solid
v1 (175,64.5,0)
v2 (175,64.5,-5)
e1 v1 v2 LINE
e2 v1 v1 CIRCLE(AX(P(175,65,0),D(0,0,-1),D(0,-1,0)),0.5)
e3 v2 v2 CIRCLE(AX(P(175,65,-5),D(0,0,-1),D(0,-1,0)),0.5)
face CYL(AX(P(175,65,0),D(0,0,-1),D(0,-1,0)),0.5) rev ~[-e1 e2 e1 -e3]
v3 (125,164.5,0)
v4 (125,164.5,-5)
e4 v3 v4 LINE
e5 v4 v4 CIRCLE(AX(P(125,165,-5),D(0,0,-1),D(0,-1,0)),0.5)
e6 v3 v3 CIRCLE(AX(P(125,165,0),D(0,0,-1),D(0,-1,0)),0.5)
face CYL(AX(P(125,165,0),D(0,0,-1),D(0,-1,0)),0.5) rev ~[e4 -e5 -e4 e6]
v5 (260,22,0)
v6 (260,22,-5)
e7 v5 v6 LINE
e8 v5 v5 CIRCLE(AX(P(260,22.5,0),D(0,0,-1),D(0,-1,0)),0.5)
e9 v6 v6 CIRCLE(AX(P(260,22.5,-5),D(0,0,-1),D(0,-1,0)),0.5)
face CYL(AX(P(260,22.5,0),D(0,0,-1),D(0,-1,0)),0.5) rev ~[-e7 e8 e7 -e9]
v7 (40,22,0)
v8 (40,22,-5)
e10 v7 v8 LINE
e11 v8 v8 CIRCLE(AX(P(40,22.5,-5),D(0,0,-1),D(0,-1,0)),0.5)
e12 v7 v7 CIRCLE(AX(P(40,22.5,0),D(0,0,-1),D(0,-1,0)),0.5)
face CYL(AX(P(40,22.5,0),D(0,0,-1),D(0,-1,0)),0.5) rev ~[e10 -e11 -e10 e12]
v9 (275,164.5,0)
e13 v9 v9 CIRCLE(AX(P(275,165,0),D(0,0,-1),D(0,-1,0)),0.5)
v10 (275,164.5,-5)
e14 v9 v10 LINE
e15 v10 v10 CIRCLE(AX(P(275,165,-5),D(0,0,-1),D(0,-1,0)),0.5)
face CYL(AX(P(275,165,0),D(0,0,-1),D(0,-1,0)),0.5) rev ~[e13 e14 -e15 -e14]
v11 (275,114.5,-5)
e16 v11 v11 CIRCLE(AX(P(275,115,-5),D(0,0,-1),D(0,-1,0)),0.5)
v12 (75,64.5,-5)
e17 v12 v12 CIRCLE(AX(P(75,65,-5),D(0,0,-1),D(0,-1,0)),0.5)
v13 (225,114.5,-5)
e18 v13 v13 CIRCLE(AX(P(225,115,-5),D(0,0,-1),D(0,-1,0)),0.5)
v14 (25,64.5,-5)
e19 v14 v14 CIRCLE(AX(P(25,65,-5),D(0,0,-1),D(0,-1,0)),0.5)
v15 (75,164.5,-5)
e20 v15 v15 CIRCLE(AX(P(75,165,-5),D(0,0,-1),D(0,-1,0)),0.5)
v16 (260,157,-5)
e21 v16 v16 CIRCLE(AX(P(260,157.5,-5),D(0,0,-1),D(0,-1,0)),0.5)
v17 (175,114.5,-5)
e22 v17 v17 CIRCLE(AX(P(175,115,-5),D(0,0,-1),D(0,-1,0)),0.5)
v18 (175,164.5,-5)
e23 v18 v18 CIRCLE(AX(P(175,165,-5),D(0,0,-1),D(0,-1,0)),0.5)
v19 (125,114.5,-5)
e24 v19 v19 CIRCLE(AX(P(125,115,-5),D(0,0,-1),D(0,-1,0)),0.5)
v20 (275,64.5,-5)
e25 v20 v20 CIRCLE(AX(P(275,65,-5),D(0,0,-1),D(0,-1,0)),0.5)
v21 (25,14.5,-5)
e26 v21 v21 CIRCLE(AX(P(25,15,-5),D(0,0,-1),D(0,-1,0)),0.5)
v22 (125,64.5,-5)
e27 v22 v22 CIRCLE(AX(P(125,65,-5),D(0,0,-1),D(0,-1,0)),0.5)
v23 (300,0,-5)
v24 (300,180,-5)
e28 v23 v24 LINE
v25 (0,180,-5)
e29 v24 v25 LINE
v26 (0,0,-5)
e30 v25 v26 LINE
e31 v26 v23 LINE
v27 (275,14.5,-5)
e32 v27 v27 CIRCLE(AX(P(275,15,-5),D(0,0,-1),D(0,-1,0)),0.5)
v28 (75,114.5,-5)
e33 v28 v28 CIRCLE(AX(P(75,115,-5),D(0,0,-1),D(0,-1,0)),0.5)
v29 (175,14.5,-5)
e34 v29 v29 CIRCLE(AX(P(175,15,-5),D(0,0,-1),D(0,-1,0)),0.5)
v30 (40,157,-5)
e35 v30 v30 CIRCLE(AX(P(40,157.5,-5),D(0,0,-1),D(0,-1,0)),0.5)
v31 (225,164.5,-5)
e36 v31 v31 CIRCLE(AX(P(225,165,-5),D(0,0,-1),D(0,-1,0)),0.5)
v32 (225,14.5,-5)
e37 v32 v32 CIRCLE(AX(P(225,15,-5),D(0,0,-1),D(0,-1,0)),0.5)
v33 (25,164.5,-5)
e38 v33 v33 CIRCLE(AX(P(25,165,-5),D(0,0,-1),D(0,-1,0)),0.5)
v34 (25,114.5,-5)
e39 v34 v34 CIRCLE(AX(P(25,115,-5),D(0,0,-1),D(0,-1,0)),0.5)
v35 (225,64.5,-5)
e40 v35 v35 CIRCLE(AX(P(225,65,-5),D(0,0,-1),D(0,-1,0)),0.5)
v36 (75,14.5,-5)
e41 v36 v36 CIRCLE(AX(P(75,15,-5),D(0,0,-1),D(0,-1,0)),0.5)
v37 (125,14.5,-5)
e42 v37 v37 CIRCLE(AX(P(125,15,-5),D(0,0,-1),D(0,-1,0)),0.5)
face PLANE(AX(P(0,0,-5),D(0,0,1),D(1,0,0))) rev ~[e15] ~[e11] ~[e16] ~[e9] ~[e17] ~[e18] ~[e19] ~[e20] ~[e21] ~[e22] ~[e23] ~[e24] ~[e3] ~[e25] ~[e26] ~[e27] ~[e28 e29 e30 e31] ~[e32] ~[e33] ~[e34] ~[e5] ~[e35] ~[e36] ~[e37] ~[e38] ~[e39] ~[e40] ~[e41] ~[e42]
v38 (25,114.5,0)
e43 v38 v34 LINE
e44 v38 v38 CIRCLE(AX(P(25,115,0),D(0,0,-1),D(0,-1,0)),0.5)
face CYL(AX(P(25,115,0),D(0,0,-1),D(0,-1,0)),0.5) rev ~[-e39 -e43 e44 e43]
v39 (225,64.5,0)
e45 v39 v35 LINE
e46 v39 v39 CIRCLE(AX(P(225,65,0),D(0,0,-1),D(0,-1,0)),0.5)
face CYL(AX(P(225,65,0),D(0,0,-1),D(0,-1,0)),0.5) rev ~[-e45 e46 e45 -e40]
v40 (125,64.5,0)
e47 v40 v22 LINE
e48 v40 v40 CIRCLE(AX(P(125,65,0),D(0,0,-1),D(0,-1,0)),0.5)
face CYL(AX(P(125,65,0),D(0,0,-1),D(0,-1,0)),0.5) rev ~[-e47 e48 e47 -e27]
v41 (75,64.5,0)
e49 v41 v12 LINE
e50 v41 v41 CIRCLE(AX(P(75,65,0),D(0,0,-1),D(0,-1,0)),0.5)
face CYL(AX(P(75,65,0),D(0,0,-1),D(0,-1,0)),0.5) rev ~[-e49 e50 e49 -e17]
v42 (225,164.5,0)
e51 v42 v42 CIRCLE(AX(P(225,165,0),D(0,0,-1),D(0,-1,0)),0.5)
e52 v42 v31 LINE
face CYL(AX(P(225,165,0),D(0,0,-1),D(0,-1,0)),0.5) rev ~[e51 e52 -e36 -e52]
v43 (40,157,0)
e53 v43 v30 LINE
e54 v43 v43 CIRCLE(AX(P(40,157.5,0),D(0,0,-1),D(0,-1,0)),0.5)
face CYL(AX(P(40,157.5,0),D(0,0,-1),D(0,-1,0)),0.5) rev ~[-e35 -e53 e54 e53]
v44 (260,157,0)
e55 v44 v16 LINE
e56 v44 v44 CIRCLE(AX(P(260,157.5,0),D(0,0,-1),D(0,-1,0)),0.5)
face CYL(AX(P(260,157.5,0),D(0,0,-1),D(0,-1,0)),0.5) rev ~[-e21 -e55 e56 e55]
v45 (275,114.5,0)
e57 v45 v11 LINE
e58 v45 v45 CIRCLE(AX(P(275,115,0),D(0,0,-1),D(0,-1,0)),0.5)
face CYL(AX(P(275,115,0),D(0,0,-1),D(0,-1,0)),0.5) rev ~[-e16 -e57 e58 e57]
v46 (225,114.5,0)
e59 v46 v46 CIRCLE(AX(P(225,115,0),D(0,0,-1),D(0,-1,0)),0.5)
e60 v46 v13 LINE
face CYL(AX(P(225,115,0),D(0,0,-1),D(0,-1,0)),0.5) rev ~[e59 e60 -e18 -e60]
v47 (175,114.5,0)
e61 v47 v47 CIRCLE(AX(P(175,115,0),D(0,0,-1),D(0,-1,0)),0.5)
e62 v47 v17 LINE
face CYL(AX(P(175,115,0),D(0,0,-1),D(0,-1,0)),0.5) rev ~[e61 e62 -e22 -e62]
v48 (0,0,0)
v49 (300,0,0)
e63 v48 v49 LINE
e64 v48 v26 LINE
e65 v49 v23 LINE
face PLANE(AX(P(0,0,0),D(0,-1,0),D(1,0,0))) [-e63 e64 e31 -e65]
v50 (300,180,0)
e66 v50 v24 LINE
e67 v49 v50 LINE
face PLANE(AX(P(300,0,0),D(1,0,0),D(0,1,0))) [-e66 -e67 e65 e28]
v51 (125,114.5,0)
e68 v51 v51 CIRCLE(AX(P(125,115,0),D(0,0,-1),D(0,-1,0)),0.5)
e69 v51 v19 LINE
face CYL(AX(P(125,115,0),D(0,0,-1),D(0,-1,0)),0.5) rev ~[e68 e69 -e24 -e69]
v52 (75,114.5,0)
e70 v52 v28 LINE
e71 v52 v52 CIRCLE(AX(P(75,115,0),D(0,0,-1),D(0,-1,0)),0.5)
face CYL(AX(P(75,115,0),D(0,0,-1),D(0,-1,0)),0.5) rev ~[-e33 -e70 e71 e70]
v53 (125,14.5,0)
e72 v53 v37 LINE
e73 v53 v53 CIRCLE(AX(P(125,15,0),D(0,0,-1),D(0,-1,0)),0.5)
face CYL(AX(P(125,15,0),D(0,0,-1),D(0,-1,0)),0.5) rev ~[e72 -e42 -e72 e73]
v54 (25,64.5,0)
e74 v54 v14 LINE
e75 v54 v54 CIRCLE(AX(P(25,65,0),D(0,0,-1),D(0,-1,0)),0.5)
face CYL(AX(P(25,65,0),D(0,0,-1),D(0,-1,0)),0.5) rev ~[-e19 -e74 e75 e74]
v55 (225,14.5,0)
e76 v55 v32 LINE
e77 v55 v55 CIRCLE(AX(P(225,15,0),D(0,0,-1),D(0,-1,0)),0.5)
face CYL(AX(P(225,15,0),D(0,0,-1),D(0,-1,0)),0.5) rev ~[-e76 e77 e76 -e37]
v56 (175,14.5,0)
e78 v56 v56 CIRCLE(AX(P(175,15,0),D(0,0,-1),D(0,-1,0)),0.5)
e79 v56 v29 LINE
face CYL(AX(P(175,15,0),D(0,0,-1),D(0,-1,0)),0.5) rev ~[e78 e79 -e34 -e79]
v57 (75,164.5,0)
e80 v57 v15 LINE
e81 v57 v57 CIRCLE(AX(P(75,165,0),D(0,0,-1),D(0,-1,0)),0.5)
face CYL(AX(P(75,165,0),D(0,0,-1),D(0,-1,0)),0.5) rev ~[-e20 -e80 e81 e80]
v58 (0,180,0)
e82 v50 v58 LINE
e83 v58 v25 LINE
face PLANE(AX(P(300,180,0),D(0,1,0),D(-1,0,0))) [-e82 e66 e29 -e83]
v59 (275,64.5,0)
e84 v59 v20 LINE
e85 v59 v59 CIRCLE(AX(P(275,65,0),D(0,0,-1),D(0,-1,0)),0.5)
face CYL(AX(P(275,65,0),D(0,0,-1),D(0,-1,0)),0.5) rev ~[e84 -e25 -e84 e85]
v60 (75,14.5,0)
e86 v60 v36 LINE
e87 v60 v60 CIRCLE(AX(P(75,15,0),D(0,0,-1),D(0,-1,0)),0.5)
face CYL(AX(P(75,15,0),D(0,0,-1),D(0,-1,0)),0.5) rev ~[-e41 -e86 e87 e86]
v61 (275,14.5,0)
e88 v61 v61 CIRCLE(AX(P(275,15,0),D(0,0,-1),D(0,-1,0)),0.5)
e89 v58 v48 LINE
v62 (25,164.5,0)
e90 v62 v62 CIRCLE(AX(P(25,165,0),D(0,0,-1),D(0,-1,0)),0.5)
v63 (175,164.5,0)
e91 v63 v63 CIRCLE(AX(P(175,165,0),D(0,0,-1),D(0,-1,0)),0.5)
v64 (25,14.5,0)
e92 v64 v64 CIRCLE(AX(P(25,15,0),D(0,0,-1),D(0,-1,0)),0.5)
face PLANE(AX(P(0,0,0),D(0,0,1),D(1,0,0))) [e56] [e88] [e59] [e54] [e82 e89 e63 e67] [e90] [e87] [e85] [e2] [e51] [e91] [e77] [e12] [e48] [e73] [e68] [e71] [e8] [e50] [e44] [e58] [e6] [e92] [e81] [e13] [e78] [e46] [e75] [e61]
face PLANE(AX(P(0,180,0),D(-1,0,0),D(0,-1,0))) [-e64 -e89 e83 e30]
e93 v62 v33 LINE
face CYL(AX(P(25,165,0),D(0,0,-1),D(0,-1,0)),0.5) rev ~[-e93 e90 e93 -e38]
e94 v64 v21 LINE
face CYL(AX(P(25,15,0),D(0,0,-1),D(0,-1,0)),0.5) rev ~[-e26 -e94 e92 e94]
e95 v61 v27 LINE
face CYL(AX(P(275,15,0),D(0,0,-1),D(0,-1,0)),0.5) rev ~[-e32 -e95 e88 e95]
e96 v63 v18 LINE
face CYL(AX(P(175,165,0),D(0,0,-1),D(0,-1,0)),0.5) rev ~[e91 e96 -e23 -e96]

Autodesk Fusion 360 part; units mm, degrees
sketch "Sketch4" plane through (0, 0, 0) normal (0, 0, 1) x (1, 0, 0)
  line L0 (0, 0) -> (300, 0)
  line L1 (300, 0) -> (300, 180)
  line L2 (300, 180) -> (0, 180)
  line L3 (0, 180) -> (0, 0)
  line L4 (0, 180) -> (25, 180) construction
  line L5 (25, 180) -> (25, 0) construction
  line L6 (25, 180) -> (25, 165) construction
  line L7 (0, 180) -> (40, 180) construction
  line L8 (40, 180) -> (40, 157.5) construction
  dimension "d50" = 300
  dimension "d51" = 180
  dimension "d52" = 25
  dimension "d53" = 15
  dimension "d54" = 40
  dimension "d72" = 22.5
extrude "Extrude4" add sketch "Sketch4" against normal blind 5
hole "Hole4" at (25, 165, 0) direction (0, 0, -1) diameter 1 depth 5 tip angle 180
pattern_linear "R-Pattern4" count 6 spacing 50 along (1, 0, 0) count 4 spacing 50 along (0, -1, 0) of "Hole4"
hole "Hole6" at (40, 157.5, 0) direction (0, 0, -1) diameter 1 depth 5 tip angle 180
pattern_linear "R-Pattern5" count 2 spacing 220 along (1, 0, 0) count 2 spacing 135 along (0, -1, 0) of "Hole6"
equation "d53 = ( ( 180 - 150 ) / 2 ) * 1 mm"
equation "d72 = ( 180 mm - 135 mm ) / 2"
